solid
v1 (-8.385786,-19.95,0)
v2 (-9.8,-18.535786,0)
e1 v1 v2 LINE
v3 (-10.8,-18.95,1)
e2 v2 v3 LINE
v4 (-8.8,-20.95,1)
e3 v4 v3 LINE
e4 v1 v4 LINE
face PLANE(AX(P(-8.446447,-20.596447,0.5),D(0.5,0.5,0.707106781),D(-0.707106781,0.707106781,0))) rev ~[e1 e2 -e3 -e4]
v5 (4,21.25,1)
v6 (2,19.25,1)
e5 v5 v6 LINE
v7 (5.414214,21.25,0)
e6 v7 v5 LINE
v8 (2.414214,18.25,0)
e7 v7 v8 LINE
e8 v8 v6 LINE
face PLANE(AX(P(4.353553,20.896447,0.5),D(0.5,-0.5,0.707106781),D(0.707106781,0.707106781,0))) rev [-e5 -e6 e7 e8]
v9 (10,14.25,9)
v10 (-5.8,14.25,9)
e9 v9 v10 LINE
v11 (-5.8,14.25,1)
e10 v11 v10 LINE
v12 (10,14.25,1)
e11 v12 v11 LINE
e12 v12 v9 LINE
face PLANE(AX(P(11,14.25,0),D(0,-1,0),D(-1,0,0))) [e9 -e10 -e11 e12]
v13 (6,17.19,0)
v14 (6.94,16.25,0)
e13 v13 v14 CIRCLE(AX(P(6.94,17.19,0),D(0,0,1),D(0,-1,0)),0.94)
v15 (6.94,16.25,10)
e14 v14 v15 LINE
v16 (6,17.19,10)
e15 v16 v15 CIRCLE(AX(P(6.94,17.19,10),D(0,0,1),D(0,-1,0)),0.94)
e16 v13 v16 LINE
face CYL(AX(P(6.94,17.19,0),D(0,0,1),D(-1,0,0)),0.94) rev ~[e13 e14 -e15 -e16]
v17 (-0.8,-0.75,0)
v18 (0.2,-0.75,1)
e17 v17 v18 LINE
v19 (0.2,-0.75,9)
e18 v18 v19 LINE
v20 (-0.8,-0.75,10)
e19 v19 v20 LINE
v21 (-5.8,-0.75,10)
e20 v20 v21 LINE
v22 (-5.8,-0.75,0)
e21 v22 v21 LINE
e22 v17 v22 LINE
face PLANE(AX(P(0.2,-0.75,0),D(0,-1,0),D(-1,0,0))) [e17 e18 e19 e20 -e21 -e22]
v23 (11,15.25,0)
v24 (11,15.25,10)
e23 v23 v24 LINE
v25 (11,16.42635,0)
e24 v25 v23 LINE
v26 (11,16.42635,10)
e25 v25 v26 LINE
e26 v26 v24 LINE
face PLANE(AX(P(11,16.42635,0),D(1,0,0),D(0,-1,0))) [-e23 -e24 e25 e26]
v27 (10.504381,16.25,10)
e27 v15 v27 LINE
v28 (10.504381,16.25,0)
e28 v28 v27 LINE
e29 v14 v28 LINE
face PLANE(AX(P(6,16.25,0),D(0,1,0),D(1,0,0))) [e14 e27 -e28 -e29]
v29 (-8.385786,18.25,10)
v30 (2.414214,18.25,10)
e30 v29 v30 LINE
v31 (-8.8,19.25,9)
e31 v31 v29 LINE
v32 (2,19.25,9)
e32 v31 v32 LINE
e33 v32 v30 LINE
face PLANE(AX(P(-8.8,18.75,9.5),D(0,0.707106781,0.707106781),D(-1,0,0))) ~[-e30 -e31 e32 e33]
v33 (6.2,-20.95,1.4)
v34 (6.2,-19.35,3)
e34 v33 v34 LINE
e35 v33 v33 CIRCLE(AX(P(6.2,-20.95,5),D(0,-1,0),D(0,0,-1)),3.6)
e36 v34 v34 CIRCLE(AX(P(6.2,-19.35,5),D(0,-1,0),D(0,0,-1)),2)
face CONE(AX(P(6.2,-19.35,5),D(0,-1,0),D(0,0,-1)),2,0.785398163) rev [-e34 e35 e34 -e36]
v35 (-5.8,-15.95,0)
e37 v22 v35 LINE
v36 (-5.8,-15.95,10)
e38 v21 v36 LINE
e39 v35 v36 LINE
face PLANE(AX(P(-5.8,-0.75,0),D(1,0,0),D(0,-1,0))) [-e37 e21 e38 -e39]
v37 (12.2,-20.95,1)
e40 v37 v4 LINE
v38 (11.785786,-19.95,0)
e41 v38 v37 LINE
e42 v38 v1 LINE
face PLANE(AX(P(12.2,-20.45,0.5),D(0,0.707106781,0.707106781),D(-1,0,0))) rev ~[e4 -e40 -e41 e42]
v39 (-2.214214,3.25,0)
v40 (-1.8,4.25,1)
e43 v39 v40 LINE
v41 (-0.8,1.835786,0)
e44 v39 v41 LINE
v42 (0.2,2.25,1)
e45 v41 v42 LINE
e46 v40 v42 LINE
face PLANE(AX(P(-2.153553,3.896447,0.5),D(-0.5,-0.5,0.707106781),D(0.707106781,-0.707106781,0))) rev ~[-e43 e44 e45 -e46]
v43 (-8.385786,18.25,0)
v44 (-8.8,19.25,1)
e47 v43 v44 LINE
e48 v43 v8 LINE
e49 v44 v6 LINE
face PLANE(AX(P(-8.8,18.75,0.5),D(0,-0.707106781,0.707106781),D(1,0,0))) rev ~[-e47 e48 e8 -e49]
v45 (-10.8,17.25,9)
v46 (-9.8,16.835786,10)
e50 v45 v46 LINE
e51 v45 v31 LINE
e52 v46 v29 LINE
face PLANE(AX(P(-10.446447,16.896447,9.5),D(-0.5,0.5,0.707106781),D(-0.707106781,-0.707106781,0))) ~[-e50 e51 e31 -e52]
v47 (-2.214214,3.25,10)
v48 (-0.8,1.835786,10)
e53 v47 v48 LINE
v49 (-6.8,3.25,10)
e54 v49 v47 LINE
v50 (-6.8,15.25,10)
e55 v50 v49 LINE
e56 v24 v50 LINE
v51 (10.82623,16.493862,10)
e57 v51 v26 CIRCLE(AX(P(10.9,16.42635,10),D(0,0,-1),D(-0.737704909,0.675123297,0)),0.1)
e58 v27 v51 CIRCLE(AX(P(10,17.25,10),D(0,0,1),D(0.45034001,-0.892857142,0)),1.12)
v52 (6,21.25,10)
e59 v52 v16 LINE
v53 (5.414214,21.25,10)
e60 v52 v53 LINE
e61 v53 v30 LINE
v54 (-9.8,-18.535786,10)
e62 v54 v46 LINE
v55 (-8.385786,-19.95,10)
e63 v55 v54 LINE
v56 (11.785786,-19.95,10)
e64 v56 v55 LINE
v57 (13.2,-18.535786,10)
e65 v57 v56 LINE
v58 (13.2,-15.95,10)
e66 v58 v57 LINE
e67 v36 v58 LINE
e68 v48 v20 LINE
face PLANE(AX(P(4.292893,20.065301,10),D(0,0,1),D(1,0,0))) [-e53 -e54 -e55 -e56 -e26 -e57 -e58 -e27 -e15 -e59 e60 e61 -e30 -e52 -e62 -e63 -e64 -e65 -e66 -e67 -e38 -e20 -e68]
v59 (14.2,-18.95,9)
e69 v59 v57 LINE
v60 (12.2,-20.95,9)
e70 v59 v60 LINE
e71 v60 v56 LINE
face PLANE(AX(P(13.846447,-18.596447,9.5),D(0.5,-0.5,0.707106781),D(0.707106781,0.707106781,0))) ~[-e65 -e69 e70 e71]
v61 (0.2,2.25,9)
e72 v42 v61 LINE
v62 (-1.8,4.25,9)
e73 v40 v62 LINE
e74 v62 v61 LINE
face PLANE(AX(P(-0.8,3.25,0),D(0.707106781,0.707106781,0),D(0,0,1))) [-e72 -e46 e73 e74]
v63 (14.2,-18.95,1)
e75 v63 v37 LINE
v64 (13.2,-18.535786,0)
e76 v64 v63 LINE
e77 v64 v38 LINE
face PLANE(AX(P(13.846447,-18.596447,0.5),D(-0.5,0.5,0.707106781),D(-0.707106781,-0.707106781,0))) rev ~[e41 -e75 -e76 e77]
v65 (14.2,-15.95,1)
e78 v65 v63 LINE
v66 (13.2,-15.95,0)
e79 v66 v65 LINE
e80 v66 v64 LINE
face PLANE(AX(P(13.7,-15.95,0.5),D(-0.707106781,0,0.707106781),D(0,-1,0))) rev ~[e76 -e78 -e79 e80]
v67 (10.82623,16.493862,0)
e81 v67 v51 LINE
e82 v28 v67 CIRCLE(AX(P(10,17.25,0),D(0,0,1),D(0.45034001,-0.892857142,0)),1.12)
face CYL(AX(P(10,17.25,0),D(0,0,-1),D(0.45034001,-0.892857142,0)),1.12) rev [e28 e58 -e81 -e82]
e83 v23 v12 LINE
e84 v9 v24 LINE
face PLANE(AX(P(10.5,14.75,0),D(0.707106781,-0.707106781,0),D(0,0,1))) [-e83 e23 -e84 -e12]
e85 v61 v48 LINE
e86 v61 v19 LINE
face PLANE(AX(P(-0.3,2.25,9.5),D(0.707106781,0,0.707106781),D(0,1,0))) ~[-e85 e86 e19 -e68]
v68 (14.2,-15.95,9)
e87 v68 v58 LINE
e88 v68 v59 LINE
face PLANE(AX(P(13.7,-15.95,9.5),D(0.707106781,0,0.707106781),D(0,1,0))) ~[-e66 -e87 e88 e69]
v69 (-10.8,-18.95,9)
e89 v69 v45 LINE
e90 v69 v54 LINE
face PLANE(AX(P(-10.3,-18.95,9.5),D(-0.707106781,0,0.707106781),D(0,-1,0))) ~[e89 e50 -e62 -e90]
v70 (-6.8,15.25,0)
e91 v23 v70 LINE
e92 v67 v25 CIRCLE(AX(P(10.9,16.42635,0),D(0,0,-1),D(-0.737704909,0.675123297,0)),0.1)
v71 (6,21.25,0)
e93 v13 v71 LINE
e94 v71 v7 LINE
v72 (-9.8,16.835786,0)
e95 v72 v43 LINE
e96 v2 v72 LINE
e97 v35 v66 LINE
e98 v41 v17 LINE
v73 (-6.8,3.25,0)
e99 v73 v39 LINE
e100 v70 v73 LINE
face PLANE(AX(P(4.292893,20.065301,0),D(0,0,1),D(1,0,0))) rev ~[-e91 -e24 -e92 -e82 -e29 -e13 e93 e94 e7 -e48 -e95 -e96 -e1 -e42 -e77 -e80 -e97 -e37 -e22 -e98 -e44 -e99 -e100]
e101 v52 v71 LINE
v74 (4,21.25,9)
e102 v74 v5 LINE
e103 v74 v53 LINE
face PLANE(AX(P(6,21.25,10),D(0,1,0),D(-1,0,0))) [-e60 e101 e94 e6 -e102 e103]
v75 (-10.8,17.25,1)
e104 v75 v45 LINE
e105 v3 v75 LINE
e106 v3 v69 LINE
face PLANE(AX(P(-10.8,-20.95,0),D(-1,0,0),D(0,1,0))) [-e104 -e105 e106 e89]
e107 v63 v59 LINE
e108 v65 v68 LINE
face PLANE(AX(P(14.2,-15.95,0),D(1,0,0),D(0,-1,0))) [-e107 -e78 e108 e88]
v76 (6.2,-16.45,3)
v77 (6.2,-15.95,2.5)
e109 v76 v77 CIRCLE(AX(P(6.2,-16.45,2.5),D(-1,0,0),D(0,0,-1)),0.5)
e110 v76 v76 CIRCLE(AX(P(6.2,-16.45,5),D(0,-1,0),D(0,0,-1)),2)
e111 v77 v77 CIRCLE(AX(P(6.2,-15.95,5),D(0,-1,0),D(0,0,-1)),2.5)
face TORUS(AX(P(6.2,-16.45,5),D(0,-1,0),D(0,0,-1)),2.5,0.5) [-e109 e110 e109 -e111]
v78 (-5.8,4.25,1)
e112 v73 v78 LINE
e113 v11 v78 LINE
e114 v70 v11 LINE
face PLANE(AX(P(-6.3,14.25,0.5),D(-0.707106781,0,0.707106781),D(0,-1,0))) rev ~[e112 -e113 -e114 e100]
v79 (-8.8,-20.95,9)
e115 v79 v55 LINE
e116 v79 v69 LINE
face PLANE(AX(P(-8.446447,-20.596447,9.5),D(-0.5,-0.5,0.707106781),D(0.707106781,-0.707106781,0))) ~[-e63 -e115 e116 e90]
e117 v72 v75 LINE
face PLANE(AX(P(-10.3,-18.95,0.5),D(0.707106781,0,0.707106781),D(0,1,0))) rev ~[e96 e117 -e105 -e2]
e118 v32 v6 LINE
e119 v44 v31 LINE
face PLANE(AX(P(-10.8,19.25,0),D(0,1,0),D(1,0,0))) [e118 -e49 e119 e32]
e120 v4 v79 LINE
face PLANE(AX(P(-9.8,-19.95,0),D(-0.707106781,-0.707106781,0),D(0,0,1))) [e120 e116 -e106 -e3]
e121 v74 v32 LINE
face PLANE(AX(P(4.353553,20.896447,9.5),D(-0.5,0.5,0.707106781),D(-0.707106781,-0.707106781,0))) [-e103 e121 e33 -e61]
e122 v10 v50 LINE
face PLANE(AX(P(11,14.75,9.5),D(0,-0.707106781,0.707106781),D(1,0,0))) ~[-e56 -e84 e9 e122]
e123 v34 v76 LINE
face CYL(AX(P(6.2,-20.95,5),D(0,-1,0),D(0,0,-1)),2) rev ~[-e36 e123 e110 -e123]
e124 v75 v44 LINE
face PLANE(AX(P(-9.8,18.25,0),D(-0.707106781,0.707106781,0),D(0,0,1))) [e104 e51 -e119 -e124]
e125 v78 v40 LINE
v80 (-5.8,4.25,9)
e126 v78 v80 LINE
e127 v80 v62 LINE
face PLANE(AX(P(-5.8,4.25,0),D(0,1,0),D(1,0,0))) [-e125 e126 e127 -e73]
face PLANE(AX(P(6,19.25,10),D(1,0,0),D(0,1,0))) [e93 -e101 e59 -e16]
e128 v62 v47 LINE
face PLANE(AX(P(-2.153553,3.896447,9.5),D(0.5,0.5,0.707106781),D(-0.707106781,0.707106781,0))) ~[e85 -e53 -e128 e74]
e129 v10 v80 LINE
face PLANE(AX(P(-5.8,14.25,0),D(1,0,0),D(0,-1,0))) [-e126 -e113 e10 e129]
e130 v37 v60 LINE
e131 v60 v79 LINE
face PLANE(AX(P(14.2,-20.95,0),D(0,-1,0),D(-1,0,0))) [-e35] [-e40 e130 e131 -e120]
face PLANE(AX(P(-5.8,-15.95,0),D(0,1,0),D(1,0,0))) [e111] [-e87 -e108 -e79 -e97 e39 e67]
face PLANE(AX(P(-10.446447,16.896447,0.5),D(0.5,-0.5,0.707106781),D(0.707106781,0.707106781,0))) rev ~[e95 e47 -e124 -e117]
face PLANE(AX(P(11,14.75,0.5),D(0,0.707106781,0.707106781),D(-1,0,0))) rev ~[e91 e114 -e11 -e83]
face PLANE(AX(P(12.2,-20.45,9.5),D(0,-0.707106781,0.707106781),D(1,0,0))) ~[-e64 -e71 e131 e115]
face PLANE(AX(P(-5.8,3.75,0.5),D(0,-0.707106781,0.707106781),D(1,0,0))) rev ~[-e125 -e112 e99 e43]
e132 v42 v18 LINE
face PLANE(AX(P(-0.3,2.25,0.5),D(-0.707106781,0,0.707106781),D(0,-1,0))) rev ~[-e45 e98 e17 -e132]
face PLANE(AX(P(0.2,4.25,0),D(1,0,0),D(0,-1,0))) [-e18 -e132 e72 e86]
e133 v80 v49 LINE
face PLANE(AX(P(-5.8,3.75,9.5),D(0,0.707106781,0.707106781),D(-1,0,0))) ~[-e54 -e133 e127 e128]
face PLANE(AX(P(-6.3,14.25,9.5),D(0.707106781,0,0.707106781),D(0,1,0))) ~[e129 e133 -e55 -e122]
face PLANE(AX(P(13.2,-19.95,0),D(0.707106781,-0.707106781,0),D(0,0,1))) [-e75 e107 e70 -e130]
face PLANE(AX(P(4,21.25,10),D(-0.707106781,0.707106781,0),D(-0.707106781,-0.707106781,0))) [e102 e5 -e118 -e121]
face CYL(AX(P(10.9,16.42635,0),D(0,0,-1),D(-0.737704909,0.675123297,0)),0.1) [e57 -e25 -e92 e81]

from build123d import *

# Parameters (mm, degrees)
RESSALTO_EXTRUS_O1_DEPTH = 10
ESBO_O3_R                = 2
CORTE_EXTRUS_O1_DEPTH    = 15
CHANFRO1_SIZE            = 1.6
FILETE1_R                = 0.5
FILETE2_R                = 0.94
RESSALTO_EXTRUS_O3_DEPTH = 10
CHANFRO5_SIZE            = 2
CHANFRO4_SIZE            = 1


with BuildPart() as part:
    # Esboço1 → Ressalto-extrusão1 (new body)
    with BuildSketch(Plane.XY):
        with BuildLine():
            Line((11, 14.25), (-5.8, 14.25))
            Line((-5.8, 14.25), (-5.8, 4.25))
            Line((-5.8, 4.25), (0.2, 4.25))
            Line((0.2, 4.25), (0.2, -0.75))
            Line((0.2, -0.75), (-5.8, -0.75))
            Line((-5.8, -0.75), (-5.8, -15.95))
            Line((-5.8, -15.95), (14.2, -15.95))
            Line((14.2, -15.95), (14.2, -20.95))
            Line((14.2, -20.95), (-10.8, -20.95))
            Line((-10.8, -20.95), (-10.8, 19.25))
            Line((-10.8, 19.25), (6, 19.25))
            Line((6, 19.25), (6, 16.25))
            Line((6, 16.25), (10.504380809, 16.25))
            ThreePointArc((10.504380809, 16.25), (10.676386068, 16.357306387), (10.826229508, 16.493861918))
            ThreePointArc((10.826229508, 16.493861918), (10.936214298, 16.519561844), (11, 16.426349589))
            Line((11, 16.426349589), (11, 16.25))
            Line((11, 16.25), (11, 14.25))
        make_face()
    extrude(amount=RESSALTO_EXTRUS_O1_DEPTH)

    # Esboço3 → Corte-extrusão1 (cut)
    with BuildSketch(Plane.XZ.offset(20.95)):
        with Locations(Location((6.2, 5, 0), (0, 0, 270))):
            Circle(ESBO_O3_R)
    extrude(amount=-CORTE_EXTRUS_O1_DEPTH, mode=Mode.SUBTRACT)

    # Chanfro1
    chanfro1_edges = [part.edges().sort_by_distance(p)[0] for p in [
        (6.2, -20.95, 7),
    ]]
    chamfer(chanfro1_edges, length=CHANFRO1_SIZE)

    # Filete1
    filete1_edges = [part.edges().sort_by_distance(p)[0] for p in [
        (6.2, -15.95, 7),
    ]]
    fillet(filete1_edges, radius=FILETE1_R)

    # Filete2
    filete2_edges = [part.edges().sort_by_distance(p)[0] for p in [
        (6, 16.25, 5),
    ]]
    fillet(filete2_edges, radius=FILETE2_R)

    # Esboço5 → Ressalto-extrusão3 (add)
    with BuildSketch(Plane.XY.offset(10)):
        Polygon((6, 19.25), (6, 21.25), (4, 21.25), (2, 19.25), align=None)
    extrude(amount=-RESSALTO_EXTRUS_O3_DEPTH)

    # Chanfro5
    chanfro5_edges = [part.edges().sort_by_distance(p)[0] for p in [
        (14.2, -20.95, 5),
        (-10.8, -20.95, 5),
        (-10.8, 19.25, 5),
        (0.2, 4.25, 5),
    ]]
    chamfer(chanfro5_edges, length=CHANFRO5_SIZE)

    # Chanfro4
    chanfro4_edges = [part.edges().sort_by_distance(p)[0] for p in [
        (-5.8, 9.25, 10),
        (2.6, 14.25, 10),
        (2.6, 14.25, 0),
        (-5.8, 9.25, 0),
        (0.2, 0.75, 0),
        (11, 14.25, 5),
        (0.2, 0.75, 10),
        (-3.4, 19.25, 0),
        (-3.4, 19.25, 10),
        (3, 20.25, 10),
        (3, 20.25, 0),
        (-3.8, 4.25, 0),
        (-3.8, 4.25, 10),
        (14.2, -17.45, 0),
        (1.7, -20.95, 0),
        (-10.8, -0.85, 0),
        (-9.8, 18.25, 0),
        (-9.8, -19.95, 0),
        (13.2, -19.95, 0),
        (-0.8, 3.25, 0),
        (-10.8, -0.85, 10),
        (1.7, -20.95, 10),
        (14.2, -17.45, 10),
        (-9.8, 18.25, 10),
        (-9.8, -19.95, 10),
        (13.2, -19.95, 10),
        (-0.8, 3.25, 10),
    ]]
    chamfer(chanfro4_edges, length=CHANFRO4_SIZE)


solid = part.part
